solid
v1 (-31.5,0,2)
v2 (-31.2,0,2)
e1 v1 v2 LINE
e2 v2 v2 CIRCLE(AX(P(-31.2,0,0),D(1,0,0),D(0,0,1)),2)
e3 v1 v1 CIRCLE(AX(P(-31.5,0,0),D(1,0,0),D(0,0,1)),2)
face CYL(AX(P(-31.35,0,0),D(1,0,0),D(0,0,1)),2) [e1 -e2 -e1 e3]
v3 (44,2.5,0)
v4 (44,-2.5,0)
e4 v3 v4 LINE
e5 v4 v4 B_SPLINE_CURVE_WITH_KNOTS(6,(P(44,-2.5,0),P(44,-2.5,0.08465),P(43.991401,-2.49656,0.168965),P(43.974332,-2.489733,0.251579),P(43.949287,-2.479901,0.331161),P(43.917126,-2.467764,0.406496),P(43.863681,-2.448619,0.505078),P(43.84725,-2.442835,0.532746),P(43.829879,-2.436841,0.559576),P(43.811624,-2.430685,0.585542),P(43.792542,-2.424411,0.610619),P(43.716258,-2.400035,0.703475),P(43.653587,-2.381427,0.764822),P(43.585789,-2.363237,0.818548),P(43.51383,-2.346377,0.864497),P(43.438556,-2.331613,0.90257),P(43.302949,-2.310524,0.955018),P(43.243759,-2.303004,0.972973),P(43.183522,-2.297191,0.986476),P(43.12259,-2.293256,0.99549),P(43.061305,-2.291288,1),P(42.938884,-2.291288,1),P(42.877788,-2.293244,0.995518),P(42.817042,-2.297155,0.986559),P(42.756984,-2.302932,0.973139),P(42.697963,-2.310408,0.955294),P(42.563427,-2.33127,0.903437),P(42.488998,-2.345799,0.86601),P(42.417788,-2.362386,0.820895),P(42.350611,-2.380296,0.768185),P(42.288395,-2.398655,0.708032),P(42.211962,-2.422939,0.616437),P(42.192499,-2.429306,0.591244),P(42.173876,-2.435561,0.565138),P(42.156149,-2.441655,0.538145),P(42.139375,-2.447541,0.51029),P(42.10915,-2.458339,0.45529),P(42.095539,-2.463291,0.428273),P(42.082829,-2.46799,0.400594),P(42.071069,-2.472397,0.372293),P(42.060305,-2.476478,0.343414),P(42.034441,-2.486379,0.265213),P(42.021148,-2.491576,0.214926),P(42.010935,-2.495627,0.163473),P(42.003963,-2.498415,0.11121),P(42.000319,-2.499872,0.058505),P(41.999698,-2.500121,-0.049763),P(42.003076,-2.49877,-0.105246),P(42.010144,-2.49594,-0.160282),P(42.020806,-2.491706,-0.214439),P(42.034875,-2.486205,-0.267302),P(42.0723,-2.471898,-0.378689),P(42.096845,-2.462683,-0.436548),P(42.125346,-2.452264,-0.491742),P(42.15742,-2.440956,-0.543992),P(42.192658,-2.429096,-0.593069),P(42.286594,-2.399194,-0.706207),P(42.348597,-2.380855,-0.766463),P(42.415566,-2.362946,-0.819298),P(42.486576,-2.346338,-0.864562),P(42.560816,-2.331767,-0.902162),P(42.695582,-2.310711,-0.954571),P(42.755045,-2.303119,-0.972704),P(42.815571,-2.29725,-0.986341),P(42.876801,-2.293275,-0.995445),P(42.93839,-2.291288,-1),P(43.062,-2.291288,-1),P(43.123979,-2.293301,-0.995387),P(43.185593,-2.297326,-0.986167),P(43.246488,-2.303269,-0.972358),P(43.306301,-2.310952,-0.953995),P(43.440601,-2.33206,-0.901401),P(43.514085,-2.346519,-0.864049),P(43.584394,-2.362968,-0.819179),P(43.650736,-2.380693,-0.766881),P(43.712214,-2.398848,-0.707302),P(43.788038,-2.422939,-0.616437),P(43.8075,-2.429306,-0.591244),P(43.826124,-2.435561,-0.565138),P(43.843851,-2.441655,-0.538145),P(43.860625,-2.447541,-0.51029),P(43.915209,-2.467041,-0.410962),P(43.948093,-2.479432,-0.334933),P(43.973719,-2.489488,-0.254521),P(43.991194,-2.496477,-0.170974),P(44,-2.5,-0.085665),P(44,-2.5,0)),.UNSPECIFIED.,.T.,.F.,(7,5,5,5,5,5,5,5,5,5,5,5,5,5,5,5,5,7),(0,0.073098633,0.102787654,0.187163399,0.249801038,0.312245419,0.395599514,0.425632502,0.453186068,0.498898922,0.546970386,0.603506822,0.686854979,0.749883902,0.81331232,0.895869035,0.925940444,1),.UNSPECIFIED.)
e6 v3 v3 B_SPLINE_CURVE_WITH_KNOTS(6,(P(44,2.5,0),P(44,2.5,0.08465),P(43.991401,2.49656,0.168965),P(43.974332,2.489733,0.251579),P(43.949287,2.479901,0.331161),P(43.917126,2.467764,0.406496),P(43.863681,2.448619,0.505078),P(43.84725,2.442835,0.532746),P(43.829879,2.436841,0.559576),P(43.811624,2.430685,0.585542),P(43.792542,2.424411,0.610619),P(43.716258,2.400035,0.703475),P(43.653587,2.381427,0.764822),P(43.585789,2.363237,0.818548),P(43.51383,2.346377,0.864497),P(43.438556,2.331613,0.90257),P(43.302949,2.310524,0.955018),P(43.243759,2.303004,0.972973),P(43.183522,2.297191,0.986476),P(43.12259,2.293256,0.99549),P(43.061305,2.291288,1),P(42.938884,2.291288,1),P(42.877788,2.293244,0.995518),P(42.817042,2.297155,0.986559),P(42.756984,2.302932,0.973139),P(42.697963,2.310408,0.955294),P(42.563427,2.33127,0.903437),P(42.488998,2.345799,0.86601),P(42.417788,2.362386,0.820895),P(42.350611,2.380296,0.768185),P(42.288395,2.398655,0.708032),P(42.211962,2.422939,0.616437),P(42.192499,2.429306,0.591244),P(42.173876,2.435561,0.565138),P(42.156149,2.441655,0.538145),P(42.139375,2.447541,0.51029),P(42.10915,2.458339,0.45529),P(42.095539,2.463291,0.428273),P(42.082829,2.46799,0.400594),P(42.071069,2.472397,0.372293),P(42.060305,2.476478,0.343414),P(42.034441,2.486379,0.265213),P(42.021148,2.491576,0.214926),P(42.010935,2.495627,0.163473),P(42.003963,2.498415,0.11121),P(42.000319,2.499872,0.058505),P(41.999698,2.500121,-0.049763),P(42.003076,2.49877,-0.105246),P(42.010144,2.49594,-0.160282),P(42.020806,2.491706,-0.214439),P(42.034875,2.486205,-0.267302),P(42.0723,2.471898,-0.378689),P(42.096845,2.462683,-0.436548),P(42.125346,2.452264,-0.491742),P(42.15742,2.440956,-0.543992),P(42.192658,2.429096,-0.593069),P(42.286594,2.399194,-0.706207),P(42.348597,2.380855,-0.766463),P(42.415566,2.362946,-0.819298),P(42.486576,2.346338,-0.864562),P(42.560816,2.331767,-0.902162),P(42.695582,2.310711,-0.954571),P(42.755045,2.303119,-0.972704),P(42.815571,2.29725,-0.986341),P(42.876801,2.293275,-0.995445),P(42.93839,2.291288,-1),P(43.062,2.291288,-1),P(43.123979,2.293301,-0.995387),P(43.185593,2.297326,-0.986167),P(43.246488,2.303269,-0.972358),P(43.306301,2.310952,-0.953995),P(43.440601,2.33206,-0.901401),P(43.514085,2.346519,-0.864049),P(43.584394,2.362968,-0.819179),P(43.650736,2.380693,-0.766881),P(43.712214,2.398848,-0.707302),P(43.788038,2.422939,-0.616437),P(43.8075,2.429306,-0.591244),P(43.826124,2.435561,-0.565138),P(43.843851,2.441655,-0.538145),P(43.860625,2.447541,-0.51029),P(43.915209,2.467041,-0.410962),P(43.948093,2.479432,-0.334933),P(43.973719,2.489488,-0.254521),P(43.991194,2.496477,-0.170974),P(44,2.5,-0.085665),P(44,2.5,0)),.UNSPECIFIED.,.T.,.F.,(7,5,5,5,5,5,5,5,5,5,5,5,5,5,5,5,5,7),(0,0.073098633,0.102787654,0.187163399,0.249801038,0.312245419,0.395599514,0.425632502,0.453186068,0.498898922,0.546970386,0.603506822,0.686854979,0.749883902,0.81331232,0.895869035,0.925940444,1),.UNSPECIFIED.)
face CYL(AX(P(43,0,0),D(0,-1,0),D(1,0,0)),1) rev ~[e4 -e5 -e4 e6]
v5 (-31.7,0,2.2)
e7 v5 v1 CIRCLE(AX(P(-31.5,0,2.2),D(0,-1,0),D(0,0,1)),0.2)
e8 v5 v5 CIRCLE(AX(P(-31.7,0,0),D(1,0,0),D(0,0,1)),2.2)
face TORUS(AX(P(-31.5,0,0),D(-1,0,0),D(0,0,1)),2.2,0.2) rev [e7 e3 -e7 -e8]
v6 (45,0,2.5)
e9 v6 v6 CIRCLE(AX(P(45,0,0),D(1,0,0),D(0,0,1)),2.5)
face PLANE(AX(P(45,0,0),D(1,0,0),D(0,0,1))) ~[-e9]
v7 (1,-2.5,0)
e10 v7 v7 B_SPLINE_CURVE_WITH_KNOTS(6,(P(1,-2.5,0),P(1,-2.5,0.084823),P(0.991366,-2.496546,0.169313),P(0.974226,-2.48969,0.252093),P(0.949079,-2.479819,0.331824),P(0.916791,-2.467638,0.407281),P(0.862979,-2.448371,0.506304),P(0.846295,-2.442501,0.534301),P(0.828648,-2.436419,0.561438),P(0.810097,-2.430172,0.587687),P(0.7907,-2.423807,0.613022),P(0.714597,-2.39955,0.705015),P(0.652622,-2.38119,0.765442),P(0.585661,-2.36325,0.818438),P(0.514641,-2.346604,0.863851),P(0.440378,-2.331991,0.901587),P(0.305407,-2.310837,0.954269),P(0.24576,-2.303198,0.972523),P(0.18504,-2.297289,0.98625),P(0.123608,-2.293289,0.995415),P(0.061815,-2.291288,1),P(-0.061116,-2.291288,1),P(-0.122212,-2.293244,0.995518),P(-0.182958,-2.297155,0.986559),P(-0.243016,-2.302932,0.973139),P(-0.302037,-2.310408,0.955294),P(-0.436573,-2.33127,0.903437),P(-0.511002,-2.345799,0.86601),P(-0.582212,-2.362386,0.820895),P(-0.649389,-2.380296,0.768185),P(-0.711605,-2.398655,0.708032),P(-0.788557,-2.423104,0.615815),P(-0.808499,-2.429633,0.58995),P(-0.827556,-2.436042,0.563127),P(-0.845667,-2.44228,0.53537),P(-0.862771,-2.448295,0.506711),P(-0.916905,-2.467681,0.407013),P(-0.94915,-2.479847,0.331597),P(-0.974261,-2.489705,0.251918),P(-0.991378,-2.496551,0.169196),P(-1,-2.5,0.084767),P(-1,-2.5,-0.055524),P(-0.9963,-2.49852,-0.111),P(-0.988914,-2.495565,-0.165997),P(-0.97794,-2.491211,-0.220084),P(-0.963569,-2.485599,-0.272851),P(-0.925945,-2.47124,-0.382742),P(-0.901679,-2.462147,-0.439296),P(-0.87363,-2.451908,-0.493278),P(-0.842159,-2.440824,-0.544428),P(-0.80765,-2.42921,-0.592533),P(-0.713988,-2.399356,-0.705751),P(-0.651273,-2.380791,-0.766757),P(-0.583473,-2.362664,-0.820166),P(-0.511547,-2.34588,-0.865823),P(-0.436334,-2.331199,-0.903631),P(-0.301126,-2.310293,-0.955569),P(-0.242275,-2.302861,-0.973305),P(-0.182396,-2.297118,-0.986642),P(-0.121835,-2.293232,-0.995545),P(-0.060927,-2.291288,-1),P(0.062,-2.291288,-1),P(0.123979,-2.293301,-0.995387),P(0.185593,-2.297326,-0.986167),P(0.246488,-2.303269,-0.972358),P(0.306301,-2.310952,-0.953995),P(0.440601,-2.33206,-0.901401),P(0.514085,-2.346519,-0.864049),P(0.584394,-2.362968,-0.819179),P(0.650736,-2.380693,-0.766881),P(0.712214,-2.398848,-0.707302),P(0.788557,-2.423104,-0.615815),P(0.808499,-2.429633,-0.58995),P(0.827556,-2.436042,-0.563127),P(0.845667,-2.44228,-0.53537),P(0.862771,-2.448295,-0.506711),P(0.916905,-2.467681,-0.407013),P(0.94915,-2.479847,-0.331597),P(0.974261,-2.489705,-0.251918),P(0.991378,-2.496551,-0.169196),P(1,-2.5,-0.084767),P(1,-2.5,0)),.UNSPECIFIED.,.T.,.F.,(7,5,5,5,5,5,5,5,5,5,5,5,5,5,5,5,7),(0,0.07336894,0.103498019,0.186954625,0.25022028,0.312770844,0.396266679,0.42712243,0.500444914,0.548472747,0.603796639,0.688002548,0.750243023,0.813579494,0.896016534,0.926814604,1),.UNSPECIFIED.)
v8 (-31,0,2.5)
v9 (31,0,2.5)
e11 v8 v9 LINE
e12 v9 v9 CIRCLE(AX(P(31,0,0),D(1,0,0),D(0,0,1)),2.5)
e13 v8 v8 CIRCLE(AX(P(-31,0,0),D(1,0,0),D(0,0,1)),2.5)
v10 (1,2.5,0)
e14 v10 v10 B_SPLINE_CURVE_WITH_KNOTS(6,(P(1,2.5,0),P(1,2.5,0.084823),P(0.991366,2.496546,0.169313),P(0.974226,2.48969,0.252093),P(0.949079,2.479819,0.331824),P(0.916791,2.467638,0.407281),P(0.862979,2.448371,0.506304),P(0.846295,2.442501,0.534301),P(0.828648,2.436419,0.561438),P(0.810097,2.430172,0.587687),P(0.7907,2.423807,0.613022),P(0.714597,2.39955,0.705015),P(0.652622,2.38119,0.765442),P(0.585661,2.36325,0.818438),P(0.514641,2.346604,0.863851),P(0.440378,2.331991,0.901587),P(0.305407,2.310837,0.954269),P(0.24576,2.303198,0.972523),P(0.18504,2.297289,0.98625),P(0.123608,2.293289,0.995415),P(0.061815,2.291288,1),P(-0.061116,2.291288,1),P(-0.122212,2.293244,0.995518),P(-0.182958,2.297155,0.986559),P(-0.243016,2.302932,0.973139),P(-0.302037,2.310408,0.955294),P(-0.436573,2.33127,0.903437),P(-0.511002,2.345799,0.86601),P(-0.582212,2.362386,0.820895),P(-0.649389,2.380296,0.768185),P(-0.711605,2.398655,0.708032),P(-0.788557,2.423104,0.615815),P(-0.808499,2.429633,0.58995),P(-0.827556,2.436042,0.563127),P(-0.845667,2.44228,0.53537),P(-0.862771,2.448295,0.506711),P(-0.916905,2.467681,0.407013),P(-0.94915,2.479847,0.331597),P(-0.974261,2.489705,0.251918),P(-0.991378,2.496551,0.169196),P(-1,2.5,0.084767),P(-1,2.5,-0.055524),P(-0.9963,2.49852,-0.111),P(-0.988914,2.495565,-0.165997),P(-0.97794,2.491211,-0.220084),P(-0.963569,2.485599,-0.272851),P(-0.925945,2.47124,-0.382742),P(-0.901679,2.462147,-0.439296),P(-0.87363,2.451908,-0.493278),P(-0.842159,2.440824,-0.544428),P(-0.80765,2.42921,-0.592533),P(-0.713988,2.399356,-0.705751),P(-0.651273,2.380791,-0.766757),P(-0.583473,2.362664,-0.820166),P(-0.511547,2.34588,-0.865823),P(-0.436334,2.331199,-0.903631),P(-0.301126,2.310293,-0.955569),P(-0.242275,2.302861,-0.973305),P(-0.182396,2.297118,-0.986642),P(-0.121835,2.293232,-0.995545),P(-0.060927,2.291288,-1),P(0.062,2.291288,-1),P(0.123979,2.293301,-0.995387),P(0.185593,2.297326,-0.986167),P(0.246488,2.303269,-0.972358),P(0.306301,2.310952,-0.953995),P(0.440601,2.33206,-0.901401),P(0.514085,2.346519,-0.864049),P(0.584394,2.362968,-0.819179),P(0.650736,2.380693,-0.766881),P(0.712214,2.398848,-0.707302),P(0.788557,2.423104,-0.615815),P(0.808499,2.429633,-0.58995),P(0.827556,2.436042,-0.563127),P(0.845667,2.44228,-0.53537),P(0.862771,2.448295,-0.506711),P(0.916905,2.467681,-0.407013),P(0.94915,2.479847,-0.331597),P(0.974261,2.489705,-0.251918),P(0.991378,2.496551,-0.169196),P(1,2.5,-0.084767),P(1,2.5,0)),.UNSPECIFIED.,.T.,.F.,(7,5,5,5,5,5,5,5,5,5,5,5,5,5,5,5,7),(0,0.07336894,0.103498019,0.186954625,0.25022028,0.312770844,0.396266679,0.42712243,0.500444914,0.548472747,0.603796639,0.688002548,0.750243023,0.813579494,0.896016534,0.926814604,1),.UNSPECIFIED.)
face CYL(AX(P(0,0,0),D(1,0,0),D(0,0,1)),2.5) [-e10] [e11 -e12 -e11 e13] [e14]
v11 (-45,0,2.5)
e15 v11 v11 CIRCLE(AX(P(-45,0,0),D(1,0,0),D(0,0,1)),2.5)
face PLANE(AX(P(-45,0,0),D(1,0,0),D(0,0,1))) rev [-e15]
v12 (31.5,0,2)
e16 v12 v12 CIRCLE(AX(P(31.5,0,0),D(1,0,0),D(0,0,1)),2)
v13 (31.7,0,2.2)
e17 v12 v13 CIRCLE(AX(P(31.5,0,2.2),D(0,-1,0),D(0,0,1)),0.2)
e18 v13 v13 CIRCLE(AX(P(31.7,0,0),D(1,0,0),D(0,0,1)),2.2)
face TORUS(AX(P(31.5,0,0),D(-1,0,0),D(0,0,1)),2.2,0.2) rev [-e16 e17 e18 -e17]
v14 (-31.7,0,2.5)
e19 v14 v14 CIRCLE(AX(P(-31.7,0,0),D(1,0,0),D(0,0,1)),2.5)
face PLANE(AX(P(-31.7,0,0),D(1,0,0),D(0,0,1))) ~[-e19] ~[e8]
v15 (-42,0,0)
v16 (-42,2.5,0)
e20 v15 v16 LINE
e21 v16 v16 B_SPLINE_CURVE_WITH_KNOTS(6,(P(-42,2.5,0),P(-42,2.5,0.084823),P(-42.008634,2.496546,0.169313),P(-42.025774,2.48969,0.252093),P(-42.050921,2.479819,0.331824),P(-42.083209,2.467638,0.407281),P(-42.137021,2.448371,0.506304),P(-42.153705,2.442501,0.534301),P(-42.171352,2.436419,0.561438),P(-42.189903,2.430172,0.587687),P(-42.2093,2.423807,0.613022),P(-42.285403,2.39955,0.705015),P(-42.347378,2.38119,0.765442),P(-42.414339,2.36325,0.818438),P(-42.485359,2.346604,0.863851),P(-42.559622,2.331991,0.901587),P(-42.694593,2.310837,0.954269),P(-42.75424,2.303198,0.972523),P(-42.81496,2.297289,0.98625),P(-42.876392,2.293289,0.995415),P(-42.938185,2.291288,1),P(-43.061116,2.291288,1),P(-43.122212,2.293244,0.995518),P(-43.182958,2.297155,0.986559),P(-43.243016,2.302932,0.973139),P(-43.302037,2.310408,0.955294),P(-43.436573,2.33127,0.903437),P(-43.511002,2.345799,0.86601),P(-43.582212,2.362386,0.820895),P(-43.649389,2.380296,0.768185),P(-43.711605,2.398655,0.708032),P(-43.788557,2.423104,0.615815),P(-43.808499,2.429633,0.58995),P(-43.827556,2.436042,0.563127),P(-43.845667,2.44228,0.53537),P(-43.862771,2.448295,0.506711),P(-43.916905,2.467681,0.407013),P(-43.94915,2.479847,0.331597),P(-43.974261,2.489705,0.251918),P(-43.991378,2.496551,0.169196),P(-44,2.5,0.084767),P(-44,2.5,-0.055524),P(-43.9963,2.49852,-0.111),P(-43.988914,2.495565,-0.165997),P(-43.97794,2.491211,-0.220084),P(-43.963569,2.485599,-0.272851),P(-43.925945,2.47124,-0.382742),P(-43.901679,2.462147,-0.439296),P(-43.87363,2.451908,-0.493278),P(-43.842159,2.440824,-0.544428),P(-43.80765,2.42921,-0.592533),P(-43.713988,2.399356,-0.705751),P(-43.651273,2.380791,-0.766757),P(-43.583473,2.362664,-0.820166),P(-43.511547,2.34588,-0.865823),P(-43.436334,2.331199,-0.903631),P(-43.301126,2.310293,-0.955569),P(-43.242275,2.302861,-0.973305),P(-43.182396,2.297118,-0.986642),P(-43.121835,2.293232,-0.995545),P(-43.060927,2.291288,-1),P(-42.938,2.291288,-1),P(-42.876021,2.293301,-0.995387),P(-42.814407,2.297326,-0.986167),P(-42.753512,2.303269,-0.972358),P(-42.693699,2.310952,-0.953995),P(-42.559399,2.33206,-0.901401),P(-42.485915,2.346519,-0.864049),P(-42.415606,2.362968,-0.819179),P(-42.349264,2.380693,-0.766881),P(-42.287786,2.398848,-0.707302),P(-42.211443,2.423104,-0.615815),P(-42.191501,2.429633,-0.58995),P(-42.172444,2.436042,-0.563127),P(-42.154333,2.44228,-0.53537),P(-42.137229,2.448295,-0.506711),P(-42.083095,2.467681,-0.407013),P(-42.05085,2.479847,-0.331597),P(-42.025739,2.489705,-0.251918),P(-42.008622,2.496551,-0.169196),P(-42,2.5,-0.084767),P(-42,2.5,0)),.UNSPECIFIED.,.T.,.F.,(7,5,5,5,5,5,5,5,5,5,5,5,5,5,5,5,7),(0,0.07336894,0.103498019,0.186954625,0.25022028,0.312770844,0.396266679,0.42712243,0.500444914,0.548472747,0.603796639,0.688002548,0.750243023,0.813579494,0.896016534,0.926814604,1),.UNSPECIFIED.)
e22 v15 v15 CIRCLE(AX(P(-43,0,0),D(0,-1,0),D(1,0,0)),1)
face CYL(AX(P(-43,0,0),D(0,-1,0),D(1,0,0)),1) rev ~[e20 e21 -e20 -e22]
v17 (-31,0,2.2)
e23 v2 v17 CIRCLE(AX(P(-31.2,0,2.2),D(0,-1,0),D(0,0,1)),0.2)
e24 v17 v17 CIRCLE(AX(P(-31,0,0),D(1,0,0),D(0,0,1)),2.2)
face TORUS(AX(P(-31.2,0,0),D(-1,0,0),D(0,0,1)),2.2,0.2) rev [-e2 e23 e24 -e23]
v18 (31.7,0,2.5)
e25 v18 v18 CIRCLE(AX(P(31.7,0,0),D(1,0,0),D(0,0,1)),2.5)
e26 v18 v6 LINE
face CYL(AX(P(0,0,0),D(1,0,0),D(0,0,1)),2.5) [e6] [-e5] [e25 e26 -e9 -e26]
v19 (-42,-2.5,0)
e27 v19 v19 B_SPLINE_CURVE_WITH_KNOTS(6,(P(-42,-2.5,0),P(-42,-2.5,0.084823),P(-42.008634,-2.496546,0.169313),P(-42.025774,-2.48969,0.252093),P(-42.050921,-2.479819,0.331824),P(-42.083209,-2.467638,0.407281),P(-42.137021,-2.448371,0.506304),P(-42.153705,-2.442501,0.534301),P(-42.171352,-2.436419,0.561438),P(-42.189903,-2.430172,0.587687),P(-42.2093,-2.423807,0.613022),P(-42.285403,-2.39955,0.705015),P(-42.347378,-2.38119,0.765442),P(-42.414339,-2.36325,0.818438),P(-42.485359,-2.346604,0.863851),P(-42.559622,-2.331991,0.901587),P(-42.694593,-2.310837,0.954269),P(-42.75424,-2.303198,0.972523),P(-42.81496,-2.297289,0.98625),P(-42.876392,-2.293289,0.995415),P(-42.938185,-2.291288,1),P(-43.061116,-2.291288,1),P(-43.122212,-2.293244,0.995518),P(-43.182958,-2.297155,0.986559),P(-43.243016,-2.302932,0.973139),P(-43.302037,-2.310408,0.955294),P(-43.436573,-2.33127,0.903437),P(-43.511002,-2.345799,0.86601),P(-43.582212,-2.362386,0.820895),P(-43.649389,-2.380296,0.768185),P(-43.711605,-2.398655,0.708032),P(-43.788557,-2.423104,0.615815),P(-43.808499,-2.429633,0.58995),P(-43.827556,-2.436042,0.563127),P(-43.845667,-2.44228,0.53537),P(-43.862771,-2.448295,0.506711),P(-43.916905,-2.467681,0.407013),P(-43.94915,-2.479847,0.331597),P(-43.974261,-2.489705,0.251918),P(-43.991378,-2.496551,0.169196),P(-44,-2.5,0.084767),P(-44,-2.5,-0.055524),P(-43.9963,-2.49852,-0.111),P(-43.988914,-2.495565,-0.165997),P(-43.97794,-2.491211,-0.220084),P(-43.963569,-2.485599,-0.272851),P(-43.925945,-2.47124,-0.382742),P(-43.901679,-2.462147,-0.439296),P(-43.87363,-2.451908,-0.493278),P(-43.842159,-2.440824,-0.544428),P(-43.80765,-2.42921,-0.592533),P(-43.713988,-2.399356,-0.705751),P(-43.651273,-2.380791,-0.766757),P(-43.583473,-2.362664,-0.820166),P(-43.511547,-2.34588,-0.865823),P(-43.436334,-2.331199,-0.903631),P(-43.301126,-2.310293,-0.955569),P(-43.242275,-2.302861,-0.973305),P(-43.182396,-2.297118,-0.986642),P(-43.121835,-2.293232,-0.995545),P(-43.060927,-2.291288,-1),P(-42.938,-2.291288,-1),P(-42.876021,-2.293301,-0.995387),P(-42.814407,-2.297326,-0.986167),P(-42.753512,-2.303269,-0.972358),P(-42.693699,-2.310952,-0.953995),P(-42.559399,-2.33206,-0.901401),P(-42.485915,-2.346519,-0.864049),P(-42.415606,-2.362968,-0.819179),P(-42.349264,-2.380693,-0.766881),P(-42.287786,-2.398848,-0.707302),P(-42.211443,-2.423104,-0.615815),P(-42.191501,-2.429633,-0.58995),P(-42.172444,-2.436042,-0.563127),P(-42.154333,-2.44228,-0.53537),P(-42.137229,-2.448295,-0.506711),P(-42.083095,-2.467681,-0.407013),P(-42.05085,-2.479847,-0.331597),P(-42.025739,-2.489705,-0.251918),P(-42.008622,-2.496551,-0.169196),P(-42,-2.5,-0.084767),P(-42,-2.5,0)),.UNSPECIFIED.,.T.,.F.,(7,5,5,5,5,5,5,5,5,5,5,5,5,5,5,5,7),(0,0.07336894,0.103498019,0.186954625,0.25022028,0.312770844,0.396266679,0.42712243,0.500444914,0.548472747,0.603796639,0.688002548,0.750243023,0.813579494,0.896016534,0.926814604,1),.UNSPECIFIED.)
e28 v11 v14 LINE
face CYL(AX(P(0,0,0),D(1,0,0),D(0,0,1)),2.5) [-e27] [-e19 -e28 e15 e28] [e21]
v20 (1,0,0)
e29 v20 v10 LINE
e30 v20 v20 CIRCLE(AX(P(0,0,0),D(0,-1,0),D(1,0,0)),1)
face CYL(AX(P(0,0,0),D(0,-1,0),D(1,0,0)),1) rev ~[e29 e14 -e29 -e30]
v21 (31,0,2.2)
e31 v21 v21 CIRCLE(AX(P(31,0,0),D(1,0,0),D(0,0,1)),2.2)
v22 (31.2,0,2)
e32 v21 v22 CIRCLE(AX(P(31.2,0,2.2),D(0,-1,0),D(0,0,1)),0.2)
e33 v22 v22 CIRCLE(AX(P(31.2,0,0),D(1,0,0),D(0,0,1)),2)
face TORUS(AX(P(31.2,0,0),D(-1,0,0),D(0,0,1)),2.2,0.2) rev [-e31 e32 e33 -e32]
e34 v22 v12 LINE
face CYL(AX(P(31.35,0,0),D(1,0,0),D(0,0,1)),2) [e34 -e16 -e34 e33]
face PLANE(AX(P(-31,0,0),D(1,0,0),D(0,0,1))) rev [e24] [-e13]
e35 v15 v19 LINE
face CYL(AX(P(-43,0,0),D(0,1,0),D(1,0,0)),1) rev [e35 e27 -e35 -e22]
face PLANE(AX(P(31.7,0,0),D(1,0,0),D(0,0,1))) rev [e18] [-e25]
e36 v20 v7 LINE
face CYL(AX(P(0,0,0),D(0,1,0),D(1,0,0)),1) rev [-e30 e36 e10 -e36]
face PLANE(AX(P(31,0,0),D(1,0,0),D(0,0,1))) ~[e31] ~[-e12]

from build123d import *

# Parameters (mm, degrees)
F0_W     = 90
F0_H     = 2.5
F2_R     = 1
F3_DEPTH = 12.5
F4_W     = 0.7
F4_H     = 1
F6_R     = 0.2


with BuildPart() as f1:
    # F0 (on Front) → F1 (revolve)
    with BuildSketch(Plane.XZ):
        with Locations((0, 1.25)):
            Rectangle(F0_W, F0_H)
    revolve(axis=Axis((-1.02883, 0, 0), (1, 0, 0)))

    # F2 (on Front) → F3 (cut, symmetric)
    with BuildSketch(Plane.XZ):
        with Locations((-43, 0)):
            Circle(F2_R)
        Circle(F2_R)
        with Locations((43, 0)):
            Circle(F2_R)
    extrude(amount=F3_DEPTH, both=True, mode=Mode.SUBTRACT)

    # F4 (on Front) → F5 (revolve, cut)
    with BuildSketch(Plane.XZ):
        with Locations((-31.35, 2.5)):
            Rectangle(F4_W, F4_H)
        with Locations((31.35, 2.5)):
            Rectangle(F4_W, F4_H)
    revolve(axis=Axis((-1.02883, 0, 0), (1, 0, 0)), mode=Mode.SUBTRACT)

    # F6
    f6_edges = [f1.edges().sort_by_distance(p)[0] for p in [
        (-31.7, 0, -2),
        (-31, 0, -2),
        (31.7, 0, -2),
        (31, 0, -2),
    ]]
    fillet(f6_edges, radius=F6_R)


solid = f1.part
